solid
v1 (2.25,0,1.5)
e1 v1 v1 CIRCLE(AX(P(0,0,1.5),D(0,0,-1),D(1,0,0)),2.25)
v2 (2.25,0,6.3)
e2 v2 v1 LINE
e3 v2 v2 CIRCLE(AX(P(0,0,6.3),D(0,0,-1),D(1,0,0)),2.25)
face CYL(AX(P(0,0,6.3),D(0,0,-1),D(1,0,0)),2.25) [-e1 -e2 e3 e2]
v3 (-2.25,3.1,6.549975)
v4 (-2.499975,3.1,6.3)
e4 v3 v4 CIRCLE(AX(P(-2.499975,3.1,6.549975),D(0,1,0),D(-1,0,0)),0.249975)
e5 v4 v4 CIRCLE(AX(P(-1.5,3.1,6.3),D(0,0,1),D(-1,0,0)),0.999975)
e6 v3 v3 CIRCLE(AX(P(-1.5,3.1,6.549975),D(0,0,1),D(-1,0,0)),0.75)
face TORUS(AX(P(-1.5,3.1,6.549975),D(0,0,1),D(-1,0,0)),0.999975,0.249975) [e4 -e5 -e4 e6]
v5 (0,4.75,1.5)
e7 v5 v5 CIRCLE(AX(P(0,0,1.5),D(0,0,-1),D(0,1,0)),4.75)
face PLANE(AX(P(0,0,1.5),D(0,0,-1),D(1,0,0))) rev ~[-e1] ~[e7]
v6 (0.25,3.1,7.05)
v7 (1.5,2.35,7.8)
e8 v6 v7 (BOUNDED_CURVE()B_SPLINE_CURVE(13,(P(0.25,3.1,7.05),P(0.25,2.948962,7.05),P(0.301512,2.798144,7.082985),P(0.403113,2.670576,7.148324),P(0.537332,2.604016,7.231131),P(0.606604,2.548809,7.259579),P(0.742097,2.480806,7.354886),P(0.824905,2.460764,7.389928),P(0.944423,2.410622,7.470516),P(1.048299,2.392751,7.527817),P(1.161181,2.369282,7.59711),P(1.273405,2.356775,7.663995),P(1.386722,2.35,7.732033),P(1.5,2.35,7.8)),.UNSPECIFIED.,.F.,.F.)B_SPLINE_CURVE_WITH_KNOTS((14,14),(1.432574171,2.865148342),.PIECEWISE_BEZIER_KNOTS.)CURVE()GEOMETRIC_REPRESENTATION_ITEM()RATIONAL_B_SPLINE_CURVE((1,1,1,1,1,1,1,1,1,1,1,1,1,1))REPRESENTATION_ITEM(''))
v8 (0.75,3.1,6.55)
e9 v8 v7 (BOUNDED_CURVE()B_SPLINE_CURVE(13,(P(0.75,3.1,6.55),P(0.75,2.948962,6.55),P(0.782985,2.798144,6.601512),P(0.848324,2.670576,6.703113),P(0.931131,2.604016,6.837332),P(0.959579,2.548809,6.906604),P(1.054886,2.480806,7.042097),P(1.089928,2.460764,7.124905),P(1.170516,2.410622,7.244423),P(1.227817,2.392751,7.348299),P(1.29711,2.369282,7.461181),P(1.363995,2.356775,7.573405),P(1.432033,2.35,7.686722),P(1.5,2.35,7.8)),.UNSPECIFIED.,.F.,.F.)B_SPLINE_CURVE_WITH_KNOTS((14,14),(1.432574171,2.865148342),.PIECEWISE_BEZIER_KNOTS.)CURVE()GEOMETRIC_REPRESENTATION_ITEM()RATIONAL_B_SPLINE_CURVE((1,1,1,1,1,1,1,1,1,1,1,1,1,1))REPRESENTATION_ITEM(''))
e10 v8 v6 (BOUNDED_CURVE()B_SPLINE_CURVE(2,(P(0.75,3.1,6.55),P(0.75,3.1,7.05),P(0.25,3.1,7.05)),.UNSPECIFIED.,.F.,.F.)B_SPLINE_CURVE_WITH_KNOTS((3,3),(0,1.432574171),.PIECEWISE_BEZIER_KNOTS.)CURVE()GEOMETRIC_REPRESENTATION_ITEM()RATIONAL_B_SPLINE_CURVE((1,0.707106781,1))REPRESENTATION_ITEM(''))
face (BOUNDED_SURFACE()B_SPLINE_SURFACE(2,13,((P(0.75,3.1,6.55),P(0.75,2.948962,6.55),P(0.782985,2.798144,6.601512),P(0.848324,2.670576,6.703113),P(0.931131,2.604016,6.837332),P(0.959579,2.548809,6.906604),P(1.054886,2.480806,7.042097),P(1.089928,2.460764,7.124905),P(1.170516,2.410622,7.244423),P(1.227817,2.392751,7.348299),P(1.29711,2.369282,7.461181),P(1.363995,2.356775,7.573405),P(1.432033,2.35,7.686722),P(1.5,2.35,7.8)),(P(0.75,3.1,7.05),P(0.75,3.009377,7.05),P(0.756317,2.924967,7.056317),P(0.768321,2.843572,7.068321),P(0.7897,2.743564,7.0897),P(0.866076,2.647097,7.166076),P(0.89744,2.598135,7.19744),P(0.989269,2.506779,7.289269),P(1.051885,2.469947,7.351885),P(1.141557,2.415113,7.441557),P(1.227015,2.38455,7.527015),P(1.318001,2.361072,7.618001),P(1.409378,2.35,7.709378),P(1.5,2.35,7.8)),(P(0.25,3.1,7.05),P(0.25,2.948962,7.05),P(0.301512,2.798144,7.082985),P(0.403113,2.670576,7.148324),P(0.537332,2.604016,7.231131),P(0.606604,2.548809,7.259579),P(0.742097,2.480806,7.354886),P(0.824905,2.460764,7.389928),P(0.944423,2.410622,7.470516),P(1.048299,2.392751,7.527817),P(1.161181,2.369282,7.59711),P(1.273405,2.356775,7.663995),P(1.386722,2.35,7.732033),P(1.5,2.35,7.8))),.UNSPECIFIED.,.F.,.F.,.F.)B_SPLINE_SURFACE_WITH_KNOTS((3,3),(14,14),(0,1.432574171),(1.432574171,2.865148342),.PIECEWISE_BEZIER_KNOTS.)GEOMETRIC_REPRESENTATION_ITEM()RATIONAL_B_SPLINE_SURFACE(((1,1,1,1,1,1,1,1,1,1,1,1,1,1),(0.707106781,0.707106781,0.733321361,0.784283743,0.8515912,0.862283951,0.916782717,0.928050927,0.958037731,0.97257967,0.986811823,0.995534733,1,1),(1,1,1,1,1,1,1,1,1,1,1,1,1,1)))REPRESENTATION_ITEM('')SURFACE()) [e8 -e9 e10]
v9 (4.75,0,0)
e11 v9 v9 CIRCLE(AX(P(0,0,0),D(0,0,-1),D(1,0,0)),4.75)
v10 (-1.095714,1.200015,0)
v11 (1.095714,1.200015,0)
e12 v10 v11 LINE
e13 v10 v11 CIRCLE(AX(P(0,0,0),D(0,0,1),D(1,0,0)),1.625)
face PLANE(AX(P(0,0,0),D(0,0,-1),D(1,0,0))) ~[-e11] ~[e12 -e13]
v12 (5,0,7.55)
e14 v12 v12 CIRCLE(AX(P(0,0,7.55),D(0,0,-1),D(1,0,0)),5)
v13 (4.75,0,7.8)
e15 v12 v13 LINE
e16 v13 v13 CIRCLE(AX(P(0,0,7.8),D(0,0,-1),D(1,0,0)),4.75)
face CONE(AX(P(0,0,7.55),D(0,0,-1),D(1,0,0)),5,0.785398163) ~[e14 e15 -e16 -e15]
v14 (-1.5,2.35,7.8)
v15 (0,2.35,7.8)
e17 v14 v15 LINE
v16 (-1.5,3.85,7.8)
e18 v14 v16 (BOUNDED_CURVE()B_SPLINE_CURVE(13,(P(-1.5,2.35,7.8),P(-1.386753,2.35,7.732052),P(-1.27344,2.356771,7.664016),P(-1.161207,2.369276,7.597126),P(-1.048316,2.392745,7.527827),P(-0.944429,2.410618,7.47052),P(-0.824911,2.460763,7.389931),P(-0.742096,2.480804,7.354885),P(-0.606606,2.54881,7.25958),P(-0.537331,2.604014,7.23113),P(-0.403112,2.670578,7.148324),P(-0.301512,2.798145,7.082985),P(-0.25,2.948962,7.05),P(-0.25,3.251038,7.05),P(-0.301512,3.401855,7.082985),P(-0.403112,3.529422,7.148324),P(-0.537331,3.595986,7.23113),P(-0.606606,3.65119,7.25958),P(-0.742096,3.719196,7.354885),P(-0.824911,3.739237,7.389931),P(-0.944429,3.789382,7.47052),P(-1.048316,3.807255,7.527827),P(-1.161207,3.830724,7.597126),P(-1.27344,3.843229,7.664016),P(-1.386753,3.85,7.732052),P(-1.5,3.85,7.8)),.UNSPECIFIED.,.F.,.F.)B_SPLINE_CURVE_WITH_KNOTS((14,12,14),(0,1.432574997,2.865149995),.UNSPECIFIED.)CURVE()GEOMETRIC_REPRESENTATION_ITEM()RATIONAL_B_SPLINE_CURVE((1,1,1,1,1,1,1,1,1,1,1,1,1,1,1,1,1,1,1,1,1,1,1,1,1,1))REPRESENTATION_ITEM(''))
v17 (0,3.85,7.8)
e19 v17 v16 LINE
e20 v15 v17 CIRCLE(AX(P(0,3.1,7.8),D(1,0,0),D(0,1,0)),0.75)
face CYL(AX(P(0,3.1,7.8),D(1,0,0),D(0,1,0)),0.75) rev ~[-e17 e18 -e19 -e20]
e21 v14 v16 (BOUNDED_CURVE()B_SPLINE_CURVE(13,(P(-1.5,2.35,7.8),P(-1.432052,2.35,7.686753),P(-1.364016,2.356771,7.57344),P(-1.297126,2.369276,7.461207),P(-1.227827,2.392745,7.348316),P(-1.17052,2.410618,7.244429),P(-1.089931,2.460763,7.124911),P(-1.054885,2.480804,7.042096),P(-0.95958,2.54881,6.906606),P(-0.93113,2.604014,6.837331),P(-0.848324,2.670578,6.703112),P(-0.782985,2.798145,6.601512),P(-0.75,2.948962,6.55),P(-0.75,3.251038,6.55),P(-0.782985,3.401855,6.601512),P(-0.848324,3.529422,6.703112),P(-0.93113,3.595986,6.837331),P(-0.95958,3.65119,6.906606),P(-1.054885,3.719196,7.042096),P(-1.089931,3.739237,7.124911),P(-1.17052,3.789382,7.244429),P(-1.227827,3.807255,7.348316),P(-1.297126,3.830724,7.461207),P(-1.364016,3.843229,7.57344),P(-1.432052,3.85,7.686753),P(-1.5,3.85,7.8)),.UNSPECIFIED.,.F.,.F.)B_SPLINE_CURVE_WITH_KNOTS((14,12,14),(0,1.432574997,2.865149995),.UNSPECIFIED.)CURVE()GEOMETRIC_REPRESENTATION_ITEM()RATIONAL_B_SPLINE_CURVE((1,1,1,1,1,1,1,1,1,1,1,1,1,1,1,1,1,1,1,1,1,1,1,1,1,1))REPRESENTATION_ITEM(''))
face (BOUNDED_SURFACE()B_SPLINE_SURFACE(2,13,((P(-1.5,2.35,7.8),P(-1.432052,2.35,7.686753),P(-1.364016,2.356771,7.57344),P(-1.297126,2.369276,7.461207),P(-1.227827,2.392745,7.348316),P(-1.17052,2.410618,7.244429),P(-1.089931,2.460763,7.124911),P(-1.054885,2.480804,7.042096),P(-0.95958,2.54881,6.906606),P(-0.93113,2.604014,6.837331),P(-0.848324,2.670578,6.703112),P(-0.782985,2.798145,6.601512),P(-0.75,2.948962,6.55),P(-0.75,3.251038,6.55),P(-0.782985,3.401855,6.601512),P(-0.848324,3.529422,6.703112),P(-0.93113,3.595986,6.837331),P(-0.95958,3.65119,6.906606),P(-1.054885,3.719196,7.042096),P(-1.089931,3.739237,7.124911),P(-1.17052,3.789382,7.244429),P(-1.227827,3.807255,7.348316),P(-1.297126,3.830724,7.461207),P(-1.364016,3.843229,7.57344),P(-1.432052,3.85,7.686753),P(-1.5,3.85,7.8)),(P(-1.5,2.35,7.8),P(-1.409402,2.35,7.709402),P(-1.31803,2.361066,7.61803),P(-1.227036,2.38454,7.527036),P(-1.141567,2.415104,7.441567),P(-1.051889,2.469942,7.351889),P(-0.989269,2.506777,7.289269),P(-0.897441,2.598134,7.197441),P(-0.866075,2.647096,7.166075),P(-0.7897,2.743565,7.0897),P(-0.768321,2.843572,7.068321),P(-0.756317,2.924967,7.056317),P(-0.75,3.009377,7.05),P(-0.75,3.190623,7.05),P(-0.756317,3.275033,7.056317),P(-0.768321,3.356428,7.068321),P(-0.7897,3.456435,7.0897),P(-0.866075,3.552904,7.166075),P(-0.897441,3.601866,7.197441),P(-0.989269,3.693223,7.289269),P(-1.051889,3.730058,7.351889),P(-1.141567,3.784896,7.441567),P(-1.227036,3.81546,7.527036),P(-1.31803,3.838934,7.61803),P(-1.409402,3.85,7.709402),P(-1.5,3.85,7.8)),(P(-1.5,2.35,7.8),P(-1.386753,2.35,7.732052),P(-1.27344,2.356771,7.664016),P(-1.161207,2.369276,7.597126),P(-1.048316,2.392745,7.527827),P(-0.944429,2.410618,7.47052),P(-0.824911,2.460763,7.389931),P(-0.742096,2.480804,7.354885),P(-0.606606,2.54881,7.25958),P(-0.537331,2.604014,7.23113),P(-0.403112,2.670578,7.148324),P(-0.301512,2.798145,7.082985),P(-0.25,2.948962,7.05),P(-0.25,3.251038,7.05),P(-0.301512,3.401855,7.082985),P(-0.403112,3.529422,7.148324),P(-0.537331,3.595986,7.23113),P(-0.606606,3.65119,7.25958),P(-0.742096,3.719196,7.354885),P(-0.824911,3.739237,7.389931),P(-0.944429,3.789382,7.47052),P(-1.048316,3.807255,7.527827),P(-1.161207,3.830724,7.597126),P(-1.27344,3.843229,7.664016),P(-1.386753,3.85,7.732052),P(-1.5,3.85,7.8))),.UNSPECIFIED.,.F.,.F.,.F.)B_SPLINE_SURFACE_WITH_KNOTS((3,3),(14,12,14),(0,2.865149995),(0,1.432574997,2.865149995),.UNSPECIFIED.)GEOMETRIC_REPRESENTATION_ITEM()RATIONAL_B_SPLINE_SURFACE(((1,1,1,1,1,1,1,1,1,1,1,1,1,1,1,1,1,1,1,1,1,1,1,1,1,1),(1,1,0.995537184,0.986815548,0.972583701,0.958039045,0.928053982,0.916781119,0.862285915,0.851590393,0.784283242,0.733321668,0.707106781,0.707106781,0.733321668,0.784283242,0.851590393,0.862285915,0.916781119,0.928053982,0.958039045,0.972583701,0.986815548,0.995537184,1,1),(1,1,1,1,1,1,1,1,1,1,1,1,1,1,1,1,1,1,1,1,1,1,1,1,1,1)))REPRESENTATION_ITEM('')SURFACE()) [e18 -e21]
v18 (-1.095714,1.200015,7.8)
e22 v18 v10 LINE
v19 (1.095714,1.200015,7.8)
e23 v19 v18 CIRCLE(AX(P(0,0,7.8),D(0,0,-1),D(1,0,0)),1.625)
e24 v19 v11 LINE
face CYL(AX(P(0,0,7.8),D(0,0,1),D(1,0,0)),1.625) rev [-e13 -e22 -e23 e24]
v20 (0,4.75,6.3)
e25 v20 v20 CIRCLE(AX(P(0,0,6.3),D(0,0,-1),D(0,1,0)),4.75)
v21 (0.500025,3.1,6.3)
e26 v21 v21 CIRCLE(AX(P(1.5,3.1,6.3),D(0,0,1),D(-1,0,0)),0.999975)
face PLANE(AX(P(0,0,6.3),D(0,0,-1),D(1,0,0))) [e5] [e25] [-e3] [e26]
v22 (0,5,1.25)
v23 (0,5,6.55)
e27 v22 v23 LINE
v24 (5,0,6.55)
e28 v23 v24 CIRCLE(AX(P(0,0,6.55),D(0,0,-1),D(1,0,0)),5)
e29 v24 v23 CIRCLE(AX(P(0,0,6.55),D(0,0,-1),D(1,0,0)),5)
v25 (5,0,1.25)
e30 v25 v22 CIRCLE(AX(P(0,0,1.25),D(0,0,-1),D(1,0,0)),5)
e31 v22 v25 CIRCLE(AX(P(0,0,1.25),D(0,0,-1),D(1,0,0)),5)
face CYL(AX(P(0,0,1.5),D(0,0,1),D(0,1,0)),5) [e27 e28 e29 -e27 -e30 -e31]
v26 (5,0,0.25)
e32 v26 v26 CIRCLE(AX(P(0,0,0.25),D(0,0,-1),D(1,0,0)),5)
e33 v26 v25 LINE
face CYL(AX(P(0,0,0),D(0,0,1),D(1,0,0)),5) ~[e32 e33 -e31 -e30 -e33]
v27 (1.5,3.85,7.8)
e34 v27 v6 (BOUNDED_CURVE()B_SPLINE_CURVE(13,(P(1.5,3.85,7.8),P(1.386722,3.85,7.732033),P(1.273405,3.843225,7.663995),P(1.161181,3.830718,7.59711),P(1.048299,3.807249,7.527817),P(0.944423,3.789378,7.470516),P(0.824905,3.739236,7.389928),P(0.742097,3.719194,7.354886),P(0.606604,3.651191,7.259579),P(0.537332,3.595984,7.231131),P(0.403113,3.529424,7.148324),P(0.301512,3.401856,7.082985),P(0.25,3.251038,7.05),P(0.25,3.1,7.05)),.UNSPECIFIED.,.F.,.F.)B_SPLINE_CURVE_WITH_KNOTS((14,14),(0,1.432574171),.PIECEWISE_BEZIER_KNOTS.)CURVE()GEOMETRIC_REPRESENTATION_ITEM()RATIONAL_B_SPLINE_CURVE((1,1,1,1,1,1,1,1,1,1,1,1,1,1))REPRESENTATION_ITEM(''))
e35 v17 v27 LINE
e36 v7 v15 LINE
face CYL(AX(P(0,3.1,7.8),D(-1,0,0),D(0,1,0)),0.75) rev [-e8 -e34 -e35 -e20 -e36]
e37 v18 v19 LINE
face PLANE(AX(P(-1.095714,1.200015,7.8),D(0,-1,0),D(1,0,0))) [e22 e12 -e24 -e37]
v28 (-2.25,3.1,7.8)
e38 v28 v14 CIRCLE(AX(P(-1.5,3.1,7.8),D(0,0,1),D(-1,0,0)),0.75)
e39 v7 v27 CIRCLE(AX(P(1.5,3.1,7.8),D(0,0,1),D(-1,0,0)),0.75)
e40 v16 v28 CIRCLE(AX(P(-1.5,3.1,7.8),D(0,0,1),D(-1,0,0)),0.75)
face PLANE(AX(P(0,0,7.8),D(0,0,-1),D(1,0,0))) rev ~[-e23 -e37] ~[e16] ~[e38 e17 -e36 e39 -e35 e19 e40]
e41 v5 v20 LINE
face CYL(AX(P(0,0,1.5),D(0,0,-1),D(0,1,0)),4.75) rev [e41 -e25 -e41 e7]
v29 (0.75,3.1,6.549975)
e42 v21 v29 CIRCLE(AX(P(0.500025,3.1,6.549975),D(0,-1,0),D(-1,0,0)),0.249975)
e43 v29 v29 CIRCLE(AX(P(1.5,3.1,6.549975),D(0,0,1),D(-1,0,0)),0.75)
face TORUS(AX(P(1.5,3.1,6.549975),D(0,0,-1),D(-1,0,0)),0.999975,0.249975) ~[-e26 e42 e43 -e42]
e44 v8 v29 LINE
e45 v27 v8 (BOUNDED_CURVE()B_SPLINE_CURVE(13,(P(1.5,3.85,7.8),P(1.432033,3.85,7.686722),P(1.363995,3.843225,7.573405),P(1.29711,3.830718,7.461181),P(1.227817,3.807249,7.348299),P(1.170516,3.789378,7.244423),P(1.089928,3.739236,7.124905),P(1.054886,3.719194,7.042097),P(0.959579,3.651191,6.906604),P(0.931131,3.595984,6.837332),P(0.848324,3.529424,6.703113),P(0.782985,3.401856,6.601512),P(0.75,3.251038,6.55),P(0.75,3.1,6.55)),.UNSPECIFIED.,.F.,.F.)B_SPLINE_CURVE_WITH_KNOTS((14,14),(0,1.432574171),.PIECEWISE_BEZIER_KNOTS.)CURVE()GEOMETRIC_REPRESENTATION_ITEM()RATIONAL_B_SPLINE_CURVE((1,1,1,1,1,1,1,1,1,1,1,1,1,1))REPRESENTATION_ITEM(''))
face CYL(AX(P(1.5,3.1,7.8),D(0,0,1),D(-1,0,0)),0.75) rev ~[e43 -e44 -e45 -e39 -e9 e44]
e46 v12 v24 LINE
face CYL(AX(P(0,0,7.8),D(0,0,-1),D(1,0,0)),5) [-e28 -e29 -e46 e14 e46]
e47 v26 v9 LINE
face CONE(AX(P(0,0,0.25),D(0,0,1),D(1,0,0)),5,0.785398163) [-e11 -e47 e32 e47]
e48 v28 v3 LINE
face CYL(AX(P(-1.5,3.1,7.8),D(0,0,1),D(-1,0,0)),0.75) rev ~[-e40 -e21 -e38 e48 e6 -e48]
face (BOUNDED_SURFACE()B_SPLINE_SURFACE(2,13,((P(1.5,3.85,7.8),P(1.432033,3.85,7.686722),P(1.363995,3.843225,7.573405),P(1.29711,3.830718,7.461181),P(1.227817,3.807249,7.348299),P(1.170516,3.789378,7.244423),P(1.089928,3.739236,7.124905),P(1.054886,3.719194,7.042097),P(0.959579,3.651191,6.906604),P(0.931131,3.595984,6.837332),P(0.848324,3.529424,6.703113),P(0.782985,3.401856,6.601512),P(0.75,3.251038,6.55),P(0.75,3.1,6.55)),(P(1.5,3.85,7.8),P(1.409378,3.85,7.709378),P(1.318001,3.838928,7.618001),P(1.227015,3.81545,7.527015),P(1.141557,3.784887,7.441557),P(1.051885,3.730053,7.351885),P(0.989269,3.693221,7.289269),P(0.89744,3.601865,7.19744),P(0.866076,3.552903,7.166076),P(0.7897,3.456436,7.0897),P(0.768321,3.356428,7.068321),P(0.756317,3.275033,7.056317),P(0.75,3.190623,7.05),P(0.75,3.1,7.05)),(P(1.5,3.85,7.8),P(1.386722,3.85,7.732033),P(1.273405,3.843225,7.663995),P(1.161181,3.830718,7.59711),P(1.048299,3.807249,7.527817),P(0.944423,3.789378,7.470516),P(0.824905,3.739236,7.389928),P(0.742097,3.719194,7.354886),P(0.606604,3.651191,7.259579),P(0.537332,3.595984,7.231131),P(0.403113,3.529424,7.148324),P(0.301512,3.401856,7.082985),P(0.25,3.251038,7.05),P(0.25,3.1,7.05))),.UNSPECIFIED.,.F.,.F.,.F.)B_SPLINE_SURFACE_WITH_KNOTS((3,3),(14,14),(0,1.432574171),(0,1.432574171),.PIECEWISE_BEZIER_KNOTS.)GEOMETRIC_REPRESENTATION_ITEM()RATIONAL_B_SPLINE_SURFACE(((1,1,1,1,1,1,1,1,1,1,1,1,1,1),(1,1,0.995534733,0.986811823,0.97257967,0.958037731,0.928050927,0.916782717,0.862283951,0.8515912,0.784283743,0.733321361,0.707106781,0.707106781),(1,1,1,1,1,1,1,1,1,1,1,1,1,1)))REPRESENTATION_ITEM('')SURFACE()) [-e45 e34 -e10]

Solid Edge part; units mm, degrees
sketch "Sketch1" plane through (0, 0, 0) normal (0, -1, 0) x (1, 0, 0)
  line L0 (5, 6.3) -> (2.25, 6.3)
  line L1 (2.25, 6.3) -> (2.25, 1.5)
  line L2 (5, 1.5) -> (2.25, 1.5)
  line L3 (5, 0) -> (5, 1.5)
  line L4 (0, 0) -> (5, 0)
  line L5 (0, 7.8) -> (0, 0)
  line L6 (5, 7.8) -> (0, 7.8)
  line L7 (5, 7.8) -> (5, 6.3)
revolve "RevolvedProtrusion1" add sketch "Sketch1" angle 360 about axis through (0, 0, 7.8) along (0, 0, -1)
sketch "Sketch2" plane through (0, 0, 7.8) normal (0, 0, 1) x (1, 0, 0)
  line L0 (-1.0957, 1.2) -> (1.0957, 1.2)
  arc A0 (1.0957, 1.2) -> (-1.0957, 1.2) centre (0, 0) cw
extrude "Cutout1" cut sketch "Sketch2" against normal through all
sketch "Sketch3" plane through (0, 0, 7.8) normal (0, 0, 1) x (-1, 0, 0)
  circle A0 centre (-1.5, -3.1) radius 0.75
  circle A1 centre (1.5, -3.1) radius 0.75
  dimension "D1" = 1.5
  dimension "D2" = 1.5
  dimension "D3" = 3
  dimension "D4" = 1.9
extrude "Cutout2" cut sketch "Sketch3" against normal up to surface (1.5 mm away)
chamfer "Chaflán_1" distance 0.25 angle 45 4 edges at (-5, 0, 0) (-5, 0, 1.5) (-5, 0, 6.3) (-5, 0, 7.8)
sketch "Sketch4" plane through (0, 0, 0) normal (1, 0, 0) x (0, 1, 0)
  circle A0 centre (3.1, 7.8) radius 0.75
extrude "VaciadoExtruido_3" cut sketch "Sketch4" along normal mid plane 3
fillet "Redondeo_2" radius 0.5 2 edges at (-0.75, 3.1, 7.05) (0.75, 3.1, 7.05)
fillet "Redondeo_3" radius 0.25 2 edges at (2.25, 3.1, 6.3) (-0.75, 3.1, 6.3)
sketch "Sketch5" plane through (0, 0, 1.5) normal (0, 0, 1) x (0, 1, 0)
  circle A0 centre (0, 0) radius 5
  circle A1 centre (0, 0) radius 4.75
extrude "ProtrusiónExtruida_1" add sketch "Sketch5" against normal blind 0.25 and the other way up to vertex (5.05 mm away)
